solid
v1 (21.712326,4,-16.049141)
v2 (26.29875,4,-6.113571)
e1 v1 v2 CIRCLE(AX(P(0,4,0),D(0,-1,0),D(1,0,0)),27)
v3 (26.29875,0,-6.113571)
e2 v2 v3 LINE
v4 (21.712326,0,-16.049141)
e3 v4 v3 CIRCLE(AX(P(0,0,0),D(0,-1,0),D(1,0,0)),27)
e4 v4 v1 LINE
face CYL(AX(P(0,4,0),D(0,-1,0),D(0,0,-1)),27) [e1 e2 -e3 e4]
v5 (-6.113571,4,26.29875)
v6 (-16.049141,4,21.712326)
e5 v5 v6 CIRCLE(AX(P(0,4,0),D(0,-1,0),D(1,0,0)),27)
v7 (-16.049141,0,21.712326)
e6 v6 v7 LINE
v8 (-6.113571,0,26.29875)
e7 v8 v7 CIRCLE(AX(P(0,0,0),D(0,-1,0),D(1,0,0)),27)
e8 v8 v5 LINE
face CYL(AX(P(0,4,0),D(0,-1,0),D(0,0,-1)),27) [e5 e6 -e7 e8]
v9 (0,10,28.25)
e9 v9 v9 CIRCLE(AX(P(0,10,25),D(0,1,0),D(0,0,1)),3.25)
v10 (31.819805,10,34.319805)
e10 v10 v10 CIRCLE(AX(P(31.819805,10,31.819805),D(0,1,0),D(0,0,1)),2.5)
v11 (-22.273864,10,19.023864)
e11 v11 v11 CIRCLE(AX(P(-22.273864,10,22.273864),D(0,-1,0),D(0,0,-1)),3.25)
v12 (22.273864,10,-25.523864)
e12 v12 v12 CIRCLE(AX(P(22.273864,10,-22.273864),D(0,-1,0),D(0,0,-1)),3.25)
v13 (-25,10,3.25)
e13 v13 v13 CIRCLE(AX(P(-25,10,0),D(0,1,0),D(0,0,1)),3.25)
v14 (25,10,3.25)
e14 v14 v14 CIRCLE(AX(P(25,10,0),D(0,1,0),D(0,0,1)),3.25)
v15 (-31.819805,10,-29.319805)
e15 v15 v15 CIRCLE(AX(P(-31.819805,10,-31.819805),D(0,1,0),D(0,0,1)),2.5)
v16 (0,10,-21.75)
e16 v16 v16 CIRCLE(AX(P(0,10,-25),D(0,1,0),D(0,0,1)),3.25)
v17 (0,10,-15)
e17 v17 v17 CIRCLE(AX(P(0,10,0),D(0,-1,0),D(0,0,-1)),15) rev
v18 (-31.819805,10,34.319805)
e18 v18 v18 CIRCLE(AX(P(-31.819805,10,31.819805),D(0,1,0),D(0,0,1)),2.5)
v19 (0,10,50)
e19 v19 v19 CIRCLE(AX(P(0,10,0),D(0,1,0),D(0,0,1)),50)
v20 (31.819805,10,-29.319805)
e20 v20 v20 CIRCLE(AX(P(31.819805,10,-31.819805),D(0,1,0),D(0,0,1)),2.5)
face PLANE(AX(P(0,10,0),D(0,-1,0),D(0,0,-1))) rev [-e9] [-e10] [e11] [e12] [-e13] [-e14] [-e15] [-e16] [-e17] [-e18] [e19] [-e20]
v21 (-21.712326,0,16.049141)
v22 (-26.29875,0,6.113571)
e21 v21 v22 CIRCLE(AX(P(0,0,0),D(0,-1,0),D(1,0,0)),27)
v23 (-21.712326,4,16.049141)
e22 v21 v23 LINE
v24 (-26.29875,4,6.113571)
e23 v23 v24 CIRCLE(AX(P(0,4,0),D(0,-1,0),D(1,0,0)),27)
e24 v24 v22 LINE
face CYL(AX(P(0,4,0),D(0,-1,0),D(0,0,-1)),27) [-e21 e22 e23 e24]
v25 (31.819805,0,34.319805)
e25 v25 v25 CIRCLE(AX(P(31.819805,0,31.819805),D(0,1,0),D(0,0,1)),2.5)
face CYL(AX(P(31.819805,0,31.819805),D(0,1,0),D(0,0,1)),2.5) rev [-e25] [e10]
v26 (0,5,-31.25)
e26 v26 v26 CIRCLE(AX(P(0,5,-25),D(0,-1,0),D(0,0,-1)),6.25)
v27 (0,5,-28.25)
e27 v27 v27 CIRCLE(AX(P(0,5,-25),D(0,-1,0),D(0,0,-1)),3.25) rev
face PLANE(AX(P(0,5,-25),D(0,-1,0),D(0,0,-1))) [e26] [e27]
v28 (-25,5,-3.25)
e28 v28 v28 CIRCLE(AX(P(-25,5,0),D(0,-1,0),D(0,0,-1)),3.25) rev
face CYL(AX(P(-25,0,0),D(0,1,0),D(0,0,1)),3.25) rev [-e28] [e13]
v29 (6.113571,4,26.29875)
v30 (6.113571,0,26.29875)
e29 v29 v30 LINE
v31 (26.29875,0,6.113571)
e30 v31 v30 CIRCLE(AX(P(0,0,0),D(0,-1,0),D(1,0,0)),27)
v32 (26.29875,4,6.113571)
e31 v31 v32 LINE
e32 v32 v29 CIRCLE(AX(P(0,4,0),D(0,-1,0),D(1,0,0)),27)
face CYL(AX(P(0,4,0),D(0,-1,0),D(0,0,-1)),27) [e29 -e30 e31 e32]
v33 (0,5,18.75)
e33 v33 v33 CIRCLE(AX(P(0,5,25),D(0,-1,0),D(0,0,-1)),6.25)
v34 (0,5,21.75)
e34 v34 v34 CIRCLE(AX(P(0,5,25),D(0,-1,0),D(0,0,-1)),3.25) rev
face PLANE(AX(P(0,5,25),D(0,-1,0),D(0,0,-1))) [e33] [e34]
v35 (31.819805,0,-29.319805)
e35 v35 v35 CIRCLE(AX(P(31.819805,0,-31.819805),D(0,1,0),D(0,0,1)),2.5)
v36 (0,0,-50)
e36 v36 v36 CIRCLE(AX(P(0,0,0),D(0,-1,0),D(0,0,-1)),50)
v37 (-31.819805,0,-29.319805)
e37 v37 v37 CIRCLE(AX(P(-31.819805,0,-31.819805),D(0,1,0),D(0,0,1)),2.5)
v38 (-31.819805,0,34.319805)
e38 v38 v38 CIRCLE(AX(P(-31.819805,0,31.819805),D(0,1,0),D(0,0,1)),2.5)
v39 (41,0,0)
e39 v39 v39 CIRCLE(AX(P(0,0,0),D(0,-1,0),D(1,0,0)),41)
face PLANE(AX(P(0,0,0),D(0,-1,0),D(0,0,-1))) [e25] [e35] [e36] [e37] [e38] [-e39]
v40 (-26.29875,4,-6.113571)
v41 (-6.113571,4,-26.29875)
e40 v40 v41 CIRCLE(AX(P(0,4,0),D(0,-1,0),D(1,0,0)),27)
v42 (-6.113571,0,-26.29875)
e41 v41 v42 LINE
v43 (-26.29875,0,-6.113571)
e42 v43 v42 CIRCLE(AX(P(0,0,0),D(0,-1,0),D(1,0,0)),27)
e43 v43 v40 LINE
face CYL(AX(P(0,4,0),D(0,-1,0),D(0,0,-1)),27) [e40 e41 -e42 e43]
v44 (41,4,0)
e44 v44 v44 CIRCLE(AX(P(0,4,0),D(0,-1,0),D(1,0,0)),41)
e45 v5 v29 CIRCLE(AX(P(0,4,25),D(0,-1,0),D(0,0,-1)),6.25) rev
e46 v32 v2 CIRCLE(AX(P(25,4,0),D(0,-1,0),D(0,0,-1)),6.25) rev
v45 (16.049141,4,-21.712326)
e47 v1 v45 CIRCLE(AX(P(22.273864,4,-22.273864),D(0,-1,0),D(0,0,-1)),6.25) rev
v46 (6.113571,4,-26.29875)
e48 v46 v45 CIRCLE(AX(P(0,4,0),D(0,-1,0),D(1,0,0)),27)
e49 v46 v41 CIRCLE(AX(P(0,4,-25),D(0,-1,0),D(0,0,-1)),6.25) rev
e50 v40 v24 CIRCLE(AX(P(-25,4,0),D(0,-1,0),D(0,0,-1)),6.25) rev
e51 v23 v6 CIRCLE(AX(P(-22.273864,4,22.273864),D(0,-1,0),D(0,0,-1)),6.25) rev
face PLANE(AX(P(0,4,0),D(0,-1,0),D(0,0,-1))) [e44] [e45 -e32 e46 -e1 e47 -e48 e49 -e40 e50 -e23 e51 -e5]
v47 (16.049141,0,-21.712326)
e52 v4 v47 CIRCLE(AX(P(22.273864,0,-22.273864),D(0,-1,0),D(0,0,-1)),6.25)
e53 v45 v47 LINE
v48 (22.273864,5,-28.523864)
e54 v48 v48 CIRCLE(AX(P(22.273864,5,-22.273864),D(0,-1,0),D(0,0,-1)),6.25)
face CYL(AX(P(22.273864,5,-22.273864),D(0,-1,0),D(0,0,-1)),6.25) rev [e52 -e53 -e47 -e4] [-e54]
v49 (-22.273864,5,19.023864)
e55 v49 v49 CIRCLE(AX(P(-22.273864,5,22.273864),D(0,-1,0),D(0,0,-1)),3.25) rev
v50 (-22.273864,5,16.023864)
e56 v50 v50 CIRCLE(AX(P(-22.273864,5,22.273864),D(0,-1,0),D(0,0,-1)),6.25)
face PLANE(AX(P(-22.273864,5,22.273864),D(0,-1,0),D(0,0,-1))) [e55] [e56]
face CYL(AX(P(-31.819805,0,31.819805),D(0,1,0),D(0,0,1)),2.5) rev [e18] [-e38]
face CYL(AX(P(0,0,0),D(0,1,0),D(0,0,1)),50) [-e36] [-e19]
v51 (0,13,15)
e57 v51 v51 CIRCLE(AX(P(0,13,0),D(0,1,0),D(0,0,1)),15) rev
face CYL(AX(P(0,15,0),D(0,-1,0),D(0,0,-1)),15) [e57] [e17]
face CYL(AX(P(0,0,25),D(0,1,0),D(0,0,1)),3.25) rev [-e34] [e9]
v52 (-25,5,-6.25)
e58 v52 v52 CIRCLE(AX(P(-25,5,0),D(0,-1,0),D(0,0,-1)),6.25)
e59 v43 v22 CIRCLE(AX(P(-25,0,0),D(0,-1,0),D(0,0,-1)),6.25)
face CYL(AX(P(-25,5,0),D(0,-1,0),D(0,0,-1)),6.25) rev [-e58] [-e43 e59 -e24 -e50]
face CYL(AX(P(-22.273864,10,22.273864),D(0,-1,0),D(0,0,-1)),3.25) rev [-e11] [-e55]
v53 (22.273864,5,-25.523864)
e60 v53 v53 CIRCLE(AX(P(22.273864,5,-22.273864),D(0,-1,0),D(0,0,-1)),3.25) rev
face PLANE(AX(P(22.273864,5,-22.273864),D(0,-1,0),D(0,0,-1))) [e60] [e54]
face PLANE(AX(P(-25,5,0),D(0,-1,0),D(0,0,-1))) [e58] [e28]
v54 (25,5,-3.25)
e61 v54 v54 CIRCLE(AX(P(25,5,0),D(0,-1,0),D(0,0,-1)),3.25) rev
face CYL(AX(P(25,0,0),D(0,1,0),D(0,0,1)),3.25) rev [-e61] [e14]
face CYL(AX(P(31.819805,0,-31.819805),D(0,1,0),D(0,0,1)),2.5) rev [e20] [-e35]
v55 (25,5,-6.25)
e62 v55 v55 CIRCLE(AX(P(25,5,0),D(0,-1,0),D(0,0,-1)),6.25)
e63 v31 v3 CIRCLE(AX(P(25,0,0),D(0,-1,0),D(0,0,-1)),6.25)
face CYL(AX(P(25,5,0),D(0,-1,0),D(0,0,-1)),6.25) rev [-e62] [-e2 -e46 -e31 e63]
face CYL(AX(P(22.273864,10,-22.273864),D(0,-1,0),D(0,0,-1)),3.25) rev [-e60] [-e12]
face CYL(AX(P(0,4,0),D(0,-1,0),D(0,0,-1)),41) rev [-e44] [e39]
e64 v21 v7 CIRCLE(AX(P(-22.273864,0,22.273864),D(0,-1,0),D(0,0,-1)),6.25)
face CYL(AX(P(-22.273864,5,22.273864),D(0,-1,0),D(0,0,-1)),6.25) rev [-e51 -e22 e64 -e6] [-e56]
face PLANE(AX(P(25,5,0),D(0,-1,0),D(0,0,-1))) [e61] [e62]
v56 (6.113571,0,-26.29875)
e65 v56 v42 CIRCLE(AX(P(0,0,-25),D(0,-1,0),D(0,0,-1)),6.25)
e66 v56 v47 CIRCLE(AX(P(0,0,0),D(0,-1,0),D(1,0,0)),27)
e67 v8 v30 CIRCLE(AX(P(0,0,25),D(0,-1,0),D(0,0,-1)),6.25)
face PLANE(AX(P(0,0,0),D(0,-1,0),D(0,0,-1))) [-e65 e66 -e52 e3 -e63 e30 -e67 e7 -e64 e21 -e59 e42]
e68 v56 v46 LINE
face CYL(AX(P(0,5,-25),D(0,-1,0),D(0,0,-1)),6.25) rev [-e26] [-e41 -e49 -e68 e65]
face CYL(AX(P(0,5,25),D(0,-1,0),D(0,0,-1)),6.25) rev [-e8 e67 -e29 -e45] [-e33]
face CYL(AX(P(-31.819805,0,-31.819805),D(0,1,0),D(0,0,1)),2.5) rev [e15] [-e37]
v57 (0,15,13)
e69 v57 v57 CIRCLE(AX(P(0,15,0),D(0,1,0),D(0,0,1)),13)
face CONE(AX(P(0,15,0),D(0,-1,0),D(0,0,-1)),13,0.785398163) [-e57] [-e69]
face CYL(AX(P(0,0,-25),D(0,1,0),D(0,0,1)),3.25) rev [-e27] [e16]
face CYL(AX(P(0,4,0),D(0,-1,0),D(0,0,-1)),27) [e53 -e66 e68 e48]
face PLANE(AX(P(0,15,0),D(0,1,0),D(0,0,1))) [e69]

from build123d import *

# Parameters (mm, degrees)
SKETCH1_W               = 100
SKETCH1_H               = 100
BOSS_EXTRUDE1_DEPTH     = 10
SKETCH2_R               = 3.25
CUT_EXTRUDE1_DEPTH      = 10
SKETCH3_OUTSIDE_W       = 130.354
SKETCH3_OUTSIDE_H       = 130.354
SKETCH3_OUTSIDE_R       = 50
CUT_EXTRUDE2_DEPTH      = 10
SKETCH4_R               = 2.5
CUT_EXTRUDE3_DEPTH      = 10
SKETCH5_R               = 3.25
CUT_EXTRUDE4_DEPTH      = 10
SKETCH6_R               = 6.25
CUT_EXTRUDE5_DEPTH      = 5
SKETCH7_R               = 15
BOSS_EXTRUDE2_DEPTH     = 5
CHAMFER1_SIZE           = 2
SKETCH8_R               = 41
SKETCH8_R_2             = 27
CUT_EXTRUDE_THIN1_DEPTH = 4


with BuildPart() as part:
    # Sketch1 → Boss-Extrude1 (new body)
    with BuildSketch(Plane(origin=(0, 0, 0), x_dir=(1, 0, 0), z_dir=(0, 1, 0))):
        Rectangle(SKETCH1_W, SKETCH1_H)
    extrude(amount=BOSS_EXTRUDE1_DEPTH)

    # Sketch2 → Cut-Extrude1 (cut)
    with BuildSketch(Plane(origin=(0, 10, 0), x_dir=(1, 0, 0), z_dir=(0, 1, 0))):
        with Locations(Location((-25, 0, 0), (0, 0, 270))):
            Circle(SKETCH2_R)
        with Locations(Location((0, 25, 0), (0, 0, 270))):
            Circle(SKETCH2_R)
        with Locations(Location((25, 0, 0), (0, 0, 270))):
            Circle(SKETCH2_R)
        with Locations(Location((0, -25, 0), (0, 0, 270))):
            Circle(SKETCH2_R)
    extrude(amount=-CUT_EXTRUDE1_DEPTH, mode=Mode.SUBTRACT)

    # Sketch3 outside → Cut-Extrude2 (cut)
    with BuildSketch(Plane(origin=(0, 10, 0), x_dir=(1, 0, 0), z_dir=(0, 1, 0))):
        Rectangle(SKETCH3_OUTSIDE_W, SKETCH3_OUTSIDE_H)
        with Locations(Location((0, 0, 0), (0, 0, 270))):
            Circle(SKETCH3_OUTSIDE_R, mode=Mode.SUBTRACT)
    extrude(amount=-CUT_EXTRUDE2_DEPTH, mode=Mode.SUBTRACT)

    # Sketch4 → Cut-Extrude3 (cut)
    with BuildSketch(Plane(origin=(0, 10, 0), x_dir=(1, 0, 0), z_dir=(0, 1, 0))):
        with Locations(Location((-31.819805153, 31.819805153, 0), (0, 0, 270))):
            Circle(SKETCH4_R)
        with Locations(Location((31.819805153, 31.819805153, 0), (0, 0, 270))):
            Circle(SKETCH4_R)
        with Locations(Location((31.819805153, -31.819805153, 0), (0, 0, 270))):
            Circle(SKETCH4_R)
        with Locations(Location((-31.819805153, -31.819805153, 0), (0, 0, 270))):
            Circle(SKETCH4_R)
    extrude(amount=-CUT_EXTRUDE3_DEPTH, mode=Mode.SUBTRACT)

    # Sketch5 → Cut-Extrude4 (cut)
    with BuildSketch(Plane.XZ):
        with Locations(Location((-22.273863607, 22.273863607, 0), (0, 0, 270))):
            Circle(SKETCH5_R)
        with Locations(Location((22.273863607, -22.273863607, 0), (0, 0, 270))):
            Circle(SKETCH5_R)
    extrude(amount=-CUT_EXTRUDE4_DEPTH, mode=Mode.SUBTRACT)

    # Sketch6 → Cut-Extrude5 (cut)
    with BuildSketch(Plane.XZ):
        with Locations(Location((25, 0, 0), (0, 0, 270))):
            Circle(SKETCH6_R)
        with Locations(Location((22.273863607, -22.273863607, 0), (0, 0, 270))):
            Circle(SKETCH6_R)
        with Locations(Location((0, -25, 0), (0, 0, 270))):
            Circle(SKETCH6_R)
        with Locations(Location((-25, 0, 0), (0, 0, 270))):
            Circle(SKETCH6_R)
        with Locations(Location((-22.273863607, 22.273863607, 0), (0, 0, 270))):
            Circle(SKETCH6_R)
        with Locations(Location((0, 25, 0), (0, 0, 270))):
            Circle(SKETCH6_R)
    extrude(amount=-CUT_EXTRUDE5_DEPTH, mode=Mode.SUBTRACT)

    # Sketch7 → Boss-Extrude2 (add)
    with BuildSketch(Plane(origin=(0, 10, 0), x_dir=(1, 0, 0), z_dir=(0, 1, 0))):
        with Locations(Location((0, 0, 0), (0, 0, 90))):
            Circle(SKETCH7_R)
    extrude(amount=BOSS_EXTRUDE2_DEPTH)

    # Chamfer1
    chamfer1_edges = [part.edges().sort_by_distance(p)[0] for p in [
        (0, 15, 15),
    ]]
    chamfer(chamfer1_edges, length=CHAMFER1_SIZE)

    # Sketch8 → Cut-Extrude-Thin1 (cut)
    with BuildSketch(Plane.XZ):
        Circle(SKETCH8_R)
        Circle(SKETCH8_R_2, mode=Mode.SUBTRACT)
    extrude(amount=-CUT_EXTRUDE_THIN1_DEPTH, mode=Mode.SUBTRACT)


solid = part.part
